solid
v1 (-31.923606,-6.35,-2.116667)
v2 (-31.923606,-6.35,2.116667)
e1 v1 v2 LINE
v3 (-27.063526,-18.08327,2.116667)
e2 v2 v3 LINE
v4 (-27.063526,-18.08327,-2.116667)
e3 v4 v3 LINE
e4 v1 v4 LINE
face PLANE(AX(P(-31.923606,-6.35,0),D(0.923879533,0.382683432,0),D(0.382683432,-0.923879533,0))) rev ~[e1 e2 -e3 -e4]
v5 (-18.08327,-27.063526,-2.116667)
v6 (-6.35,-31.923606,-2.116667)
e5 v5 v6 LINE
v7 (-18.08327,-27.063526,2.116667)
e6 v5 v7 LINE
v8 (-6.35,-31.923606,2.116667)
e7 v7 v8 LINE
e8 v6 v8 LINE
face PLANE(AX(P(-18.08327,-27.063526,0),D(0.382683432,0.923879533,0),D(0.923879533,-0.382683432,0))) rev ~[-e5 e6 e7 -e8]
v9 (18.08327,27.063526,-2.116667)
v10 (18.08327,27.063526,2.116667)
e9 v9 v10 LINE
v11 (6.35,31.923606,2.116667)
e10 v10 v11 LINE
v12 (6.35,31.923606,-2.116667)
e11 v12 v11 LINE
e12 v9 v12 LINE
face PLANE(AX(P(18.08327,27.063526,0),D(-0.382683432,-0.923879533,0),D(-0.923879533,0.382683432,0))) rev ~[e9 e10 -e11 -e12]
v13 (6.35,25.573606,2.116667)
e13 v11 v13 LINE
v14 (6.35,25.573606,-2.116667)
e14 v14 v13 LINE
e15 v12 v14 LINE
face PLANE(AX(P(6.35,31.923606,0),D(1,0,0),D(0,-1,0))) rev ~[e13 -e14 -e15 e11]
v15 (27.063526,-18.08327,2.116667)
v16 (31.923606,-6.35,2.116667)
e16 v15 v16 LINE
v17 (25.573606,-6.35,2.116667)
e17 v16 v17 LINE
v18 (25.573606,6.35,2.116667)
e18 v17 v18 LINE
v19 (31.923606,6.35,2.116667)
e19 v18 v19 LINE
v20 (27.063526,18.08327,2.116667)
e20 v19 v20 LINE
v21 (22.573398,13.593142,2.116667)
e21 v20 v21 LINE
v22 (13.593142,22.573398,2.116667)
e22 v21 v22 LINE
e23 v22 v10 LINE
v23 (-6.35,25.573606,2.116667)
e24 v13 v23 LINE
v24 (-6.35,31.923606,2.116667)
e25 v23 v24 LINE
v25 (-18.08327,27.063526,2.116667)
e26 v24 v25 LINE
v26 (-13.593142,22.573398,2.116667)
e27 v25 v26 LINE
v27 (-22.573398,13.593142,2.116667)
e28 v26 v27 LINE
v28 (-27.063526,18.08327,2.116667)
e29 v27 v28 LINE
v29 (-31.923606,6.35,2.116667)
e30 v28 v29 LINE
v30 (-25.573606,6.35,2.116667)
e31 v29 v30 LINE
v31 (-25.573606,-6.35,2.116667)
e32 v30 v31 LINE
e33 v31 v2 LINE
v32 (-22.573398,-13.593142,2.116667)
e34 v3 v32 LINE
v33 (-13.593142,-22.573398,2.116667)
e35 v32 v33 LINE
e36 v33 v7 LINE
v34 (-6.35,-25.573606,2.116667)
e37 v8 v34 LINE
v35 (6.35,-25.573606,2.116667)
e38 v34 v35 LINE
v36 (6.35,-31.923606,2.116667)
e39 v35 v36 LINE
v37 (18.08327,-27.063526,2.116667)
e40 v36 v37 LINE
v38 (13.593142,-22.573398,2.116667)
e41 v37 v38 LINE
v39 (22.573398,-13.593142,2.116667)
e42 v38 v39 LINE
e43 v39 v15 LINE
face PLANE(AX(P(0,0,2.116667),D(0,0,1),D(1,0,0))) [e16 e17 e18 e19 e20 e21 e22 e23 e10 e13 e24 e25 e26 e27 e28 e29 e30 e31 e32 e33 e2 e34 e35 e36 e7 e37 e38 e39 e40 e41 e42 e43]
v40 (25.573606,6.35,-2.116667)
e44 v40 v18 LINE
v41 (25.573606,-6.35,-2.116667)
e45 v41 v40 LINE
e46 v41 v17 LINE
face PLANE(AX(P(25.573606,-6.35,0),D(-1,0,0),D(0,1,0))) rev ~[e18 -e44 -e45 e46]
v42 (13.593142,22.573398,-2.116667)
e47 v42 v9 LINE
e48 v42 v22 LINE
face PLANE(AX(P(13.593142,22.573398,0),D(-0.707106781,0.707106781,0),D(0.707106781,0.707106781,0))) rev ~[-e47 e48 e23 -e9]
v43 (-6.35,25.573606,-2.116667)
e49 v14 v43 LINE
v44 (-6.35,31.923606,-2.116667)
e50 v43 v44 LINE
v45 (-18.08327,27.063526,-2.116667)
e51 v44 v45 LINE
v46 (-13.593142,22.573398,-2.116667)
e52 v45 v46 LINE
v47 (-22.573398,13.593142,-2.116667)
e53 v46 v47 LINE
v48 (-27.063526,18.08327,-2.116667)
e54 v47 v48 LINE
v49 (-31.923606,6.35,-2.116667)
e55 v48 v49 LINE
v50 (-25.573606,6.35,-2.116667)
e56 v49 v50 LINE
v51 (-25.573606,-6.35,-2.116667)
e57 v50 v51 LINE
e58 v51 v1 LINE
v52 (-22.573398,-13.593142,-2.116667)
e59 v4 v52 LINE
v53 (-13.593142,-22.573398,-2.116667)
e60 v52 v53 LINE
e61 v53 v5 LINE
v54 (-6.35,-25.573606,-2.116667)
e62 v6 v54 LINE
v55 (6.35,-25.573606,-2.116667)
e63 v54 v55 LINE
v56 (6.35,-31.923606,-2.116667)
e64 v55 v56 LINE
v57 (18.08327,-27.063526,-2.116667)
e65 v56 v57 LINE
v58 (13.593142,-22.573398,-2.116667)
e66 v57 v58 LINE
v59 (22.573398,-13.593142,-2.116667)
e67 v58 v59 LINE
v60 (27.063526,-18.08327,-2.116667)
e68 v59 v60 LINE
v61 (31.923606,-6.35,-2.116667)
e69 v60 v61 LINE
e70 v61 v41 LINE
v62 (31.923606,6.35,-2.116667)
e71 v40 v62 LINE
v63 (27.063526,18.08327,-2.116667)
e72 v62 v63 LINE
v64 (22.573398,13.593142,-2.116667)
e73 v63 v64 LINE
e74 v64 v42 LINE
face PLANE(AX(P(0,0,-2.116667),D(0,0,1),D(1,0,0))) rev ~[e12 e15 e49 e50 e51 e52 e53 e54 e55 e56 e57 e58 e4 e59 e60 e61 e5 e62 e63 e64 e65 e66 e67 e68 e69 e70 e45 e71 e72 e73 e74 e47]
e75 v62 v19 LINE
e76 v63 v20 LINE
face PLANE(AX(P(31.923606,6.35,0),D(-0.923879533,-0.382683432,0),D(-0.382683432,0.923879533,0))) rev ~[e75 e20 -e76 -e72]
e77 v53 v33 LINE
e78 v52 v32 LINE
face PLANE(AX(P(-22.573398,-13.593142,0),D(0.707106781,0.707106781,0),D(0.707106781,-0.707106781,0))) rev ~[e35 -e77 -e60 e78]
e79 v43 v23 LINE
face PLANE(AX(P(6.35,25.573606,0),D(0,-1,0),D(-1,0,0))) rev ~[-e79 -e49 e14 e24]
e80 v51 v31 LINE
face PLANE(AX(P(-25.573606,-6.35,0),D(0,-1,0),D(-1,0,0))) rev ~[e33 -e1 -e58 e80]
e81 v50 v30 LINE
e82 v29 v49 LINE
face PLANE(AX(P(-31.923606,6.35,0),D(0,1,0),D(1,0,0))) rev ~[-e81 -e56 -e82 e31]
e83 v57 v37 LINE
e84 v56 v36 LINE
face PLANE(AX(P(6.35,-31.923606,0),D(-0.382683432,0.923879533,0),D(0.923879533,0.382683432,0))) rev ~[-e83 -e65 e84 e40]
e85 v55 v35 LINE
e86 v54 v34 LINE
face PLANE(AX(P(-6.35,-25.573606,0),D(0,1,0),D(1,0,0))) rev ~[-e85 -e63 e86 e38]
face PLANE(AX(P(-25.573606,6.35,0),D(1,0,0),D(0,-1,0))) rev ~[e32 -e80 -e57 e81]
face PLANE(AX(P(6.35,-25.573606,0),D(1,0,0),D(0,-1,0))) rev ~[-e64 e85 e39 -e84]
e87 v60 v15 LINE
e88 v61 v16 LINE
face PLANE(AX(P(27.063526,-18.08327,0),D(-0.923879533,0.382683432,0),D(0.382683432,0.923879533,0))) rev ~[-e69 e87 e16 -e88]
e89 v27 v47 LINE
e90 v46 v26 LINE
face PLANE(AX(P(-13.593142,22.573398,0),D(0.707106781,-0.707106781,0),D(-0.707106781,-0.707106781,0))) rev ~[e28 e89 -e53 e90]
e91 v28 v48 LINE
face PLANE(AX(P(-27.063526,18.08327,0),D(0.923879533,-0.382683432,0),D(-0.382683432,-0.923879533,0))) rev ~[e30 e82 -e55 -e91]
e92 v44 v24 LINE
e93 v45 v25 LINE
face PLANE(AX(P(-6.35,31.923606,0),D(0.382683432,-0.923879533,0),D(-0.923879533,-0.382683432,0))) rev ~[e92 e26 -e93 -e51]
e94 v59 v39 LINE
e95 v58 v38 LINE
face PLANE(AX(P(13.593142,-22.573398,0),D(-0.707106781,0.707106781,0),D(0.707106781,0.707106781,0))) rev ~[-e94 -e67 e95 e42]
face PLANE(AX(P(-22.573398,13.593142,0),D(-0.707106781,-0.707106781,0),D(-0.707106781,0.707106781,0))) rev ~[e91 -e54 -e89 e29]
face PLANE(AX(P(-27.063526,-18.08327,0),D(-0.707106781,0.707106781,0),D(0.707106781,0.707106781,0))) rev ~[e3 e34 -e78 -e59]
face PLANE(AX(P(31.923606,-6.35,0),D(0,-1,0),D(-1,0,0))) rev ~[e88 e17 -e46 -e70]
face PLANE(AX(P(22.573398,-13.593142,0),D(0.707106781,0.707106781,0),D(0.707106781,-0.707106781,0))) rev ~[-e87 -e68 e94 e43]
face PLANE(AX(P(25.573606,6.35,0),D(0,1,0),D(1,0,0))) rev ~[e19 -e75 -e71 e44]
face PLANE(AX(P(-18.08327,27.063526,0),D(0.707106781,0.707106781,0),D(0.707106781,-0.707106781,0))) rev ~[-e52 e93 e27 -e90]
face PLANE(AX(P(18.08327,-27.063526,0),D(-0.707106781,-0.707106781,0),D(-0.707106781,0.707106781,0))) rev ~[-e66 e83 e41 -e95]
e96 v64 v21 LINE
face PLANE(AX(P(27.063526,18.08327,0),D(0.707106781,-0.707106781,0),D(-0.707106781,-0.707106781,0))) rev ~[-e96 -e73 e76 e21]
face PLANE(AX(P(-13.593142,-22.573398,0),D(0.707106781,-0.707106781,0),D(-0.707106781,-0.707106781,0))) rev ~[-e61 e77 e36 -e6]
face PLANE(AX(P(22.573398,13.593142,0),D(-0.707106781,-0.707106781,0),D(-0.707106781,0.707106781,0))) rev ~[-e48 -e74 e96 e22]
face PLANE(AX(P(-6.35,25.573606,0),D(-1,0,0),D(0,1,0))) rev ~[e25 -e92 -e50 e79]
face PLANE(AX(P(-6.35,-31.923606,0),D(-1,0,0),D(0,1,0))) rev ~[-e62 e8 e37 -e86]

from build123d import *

# Parameters (mm, degrees)
F1_DEPTH      = 2.1166666667
F1_DEPTH_BACK = 2.1166666667


with BuildPart() as f1:
    # F0 (on Top) → F1 (new body, two sides)
    with BuildSketch(Plane.XY) as f1_sk:
        Polygon((-31.923605775, 6.35), (-25.573605775, 6.35), (-25.573605775, -6.35), (-31.923605775, -6.35), (-27.063526184, -18.0832700629), (-22.5733981234, -13.5931420024), (-13.5931420024, -22.5733981234), (-18.0832700629, -27.063526184), (-6.35, -31.923605775), (-6.35, -25.573605775), (6.35, -25.573605775), (6.35, -31.923605775), (18.0832700629, -27.063526184), (13.5931420024, -22.5733981234), (22.5733981234, -13.5931420024), (27.063526184, -18.0832700629), (31.923605775, -6.35), (25.573605775, -6.35), (25.573605775, 6.35), (31.923605775, 6.35), (27.063526184, 18.0832700629), (22.5733981234, 13.5931420024), (13.5931420024, 22.5733981234), (18.0832700629, 27.063526184), (6.35, 31.923605775), (6.35, 25.573605775), (-6.35, 25.573605775), (-6.35, 31.923605775), (-18.0832700629, 27.063526184), (-13.5931420024, 22.5733981234), (-22.5733981234, 13.5931420024), (-27.063526184, 18.0832700629), align=None)
    extrude(amount=-F1_DEPTH)
    extrude(f1_sk.sketch, amount=F1_DEPTH_BACK)


solid = f1.part
